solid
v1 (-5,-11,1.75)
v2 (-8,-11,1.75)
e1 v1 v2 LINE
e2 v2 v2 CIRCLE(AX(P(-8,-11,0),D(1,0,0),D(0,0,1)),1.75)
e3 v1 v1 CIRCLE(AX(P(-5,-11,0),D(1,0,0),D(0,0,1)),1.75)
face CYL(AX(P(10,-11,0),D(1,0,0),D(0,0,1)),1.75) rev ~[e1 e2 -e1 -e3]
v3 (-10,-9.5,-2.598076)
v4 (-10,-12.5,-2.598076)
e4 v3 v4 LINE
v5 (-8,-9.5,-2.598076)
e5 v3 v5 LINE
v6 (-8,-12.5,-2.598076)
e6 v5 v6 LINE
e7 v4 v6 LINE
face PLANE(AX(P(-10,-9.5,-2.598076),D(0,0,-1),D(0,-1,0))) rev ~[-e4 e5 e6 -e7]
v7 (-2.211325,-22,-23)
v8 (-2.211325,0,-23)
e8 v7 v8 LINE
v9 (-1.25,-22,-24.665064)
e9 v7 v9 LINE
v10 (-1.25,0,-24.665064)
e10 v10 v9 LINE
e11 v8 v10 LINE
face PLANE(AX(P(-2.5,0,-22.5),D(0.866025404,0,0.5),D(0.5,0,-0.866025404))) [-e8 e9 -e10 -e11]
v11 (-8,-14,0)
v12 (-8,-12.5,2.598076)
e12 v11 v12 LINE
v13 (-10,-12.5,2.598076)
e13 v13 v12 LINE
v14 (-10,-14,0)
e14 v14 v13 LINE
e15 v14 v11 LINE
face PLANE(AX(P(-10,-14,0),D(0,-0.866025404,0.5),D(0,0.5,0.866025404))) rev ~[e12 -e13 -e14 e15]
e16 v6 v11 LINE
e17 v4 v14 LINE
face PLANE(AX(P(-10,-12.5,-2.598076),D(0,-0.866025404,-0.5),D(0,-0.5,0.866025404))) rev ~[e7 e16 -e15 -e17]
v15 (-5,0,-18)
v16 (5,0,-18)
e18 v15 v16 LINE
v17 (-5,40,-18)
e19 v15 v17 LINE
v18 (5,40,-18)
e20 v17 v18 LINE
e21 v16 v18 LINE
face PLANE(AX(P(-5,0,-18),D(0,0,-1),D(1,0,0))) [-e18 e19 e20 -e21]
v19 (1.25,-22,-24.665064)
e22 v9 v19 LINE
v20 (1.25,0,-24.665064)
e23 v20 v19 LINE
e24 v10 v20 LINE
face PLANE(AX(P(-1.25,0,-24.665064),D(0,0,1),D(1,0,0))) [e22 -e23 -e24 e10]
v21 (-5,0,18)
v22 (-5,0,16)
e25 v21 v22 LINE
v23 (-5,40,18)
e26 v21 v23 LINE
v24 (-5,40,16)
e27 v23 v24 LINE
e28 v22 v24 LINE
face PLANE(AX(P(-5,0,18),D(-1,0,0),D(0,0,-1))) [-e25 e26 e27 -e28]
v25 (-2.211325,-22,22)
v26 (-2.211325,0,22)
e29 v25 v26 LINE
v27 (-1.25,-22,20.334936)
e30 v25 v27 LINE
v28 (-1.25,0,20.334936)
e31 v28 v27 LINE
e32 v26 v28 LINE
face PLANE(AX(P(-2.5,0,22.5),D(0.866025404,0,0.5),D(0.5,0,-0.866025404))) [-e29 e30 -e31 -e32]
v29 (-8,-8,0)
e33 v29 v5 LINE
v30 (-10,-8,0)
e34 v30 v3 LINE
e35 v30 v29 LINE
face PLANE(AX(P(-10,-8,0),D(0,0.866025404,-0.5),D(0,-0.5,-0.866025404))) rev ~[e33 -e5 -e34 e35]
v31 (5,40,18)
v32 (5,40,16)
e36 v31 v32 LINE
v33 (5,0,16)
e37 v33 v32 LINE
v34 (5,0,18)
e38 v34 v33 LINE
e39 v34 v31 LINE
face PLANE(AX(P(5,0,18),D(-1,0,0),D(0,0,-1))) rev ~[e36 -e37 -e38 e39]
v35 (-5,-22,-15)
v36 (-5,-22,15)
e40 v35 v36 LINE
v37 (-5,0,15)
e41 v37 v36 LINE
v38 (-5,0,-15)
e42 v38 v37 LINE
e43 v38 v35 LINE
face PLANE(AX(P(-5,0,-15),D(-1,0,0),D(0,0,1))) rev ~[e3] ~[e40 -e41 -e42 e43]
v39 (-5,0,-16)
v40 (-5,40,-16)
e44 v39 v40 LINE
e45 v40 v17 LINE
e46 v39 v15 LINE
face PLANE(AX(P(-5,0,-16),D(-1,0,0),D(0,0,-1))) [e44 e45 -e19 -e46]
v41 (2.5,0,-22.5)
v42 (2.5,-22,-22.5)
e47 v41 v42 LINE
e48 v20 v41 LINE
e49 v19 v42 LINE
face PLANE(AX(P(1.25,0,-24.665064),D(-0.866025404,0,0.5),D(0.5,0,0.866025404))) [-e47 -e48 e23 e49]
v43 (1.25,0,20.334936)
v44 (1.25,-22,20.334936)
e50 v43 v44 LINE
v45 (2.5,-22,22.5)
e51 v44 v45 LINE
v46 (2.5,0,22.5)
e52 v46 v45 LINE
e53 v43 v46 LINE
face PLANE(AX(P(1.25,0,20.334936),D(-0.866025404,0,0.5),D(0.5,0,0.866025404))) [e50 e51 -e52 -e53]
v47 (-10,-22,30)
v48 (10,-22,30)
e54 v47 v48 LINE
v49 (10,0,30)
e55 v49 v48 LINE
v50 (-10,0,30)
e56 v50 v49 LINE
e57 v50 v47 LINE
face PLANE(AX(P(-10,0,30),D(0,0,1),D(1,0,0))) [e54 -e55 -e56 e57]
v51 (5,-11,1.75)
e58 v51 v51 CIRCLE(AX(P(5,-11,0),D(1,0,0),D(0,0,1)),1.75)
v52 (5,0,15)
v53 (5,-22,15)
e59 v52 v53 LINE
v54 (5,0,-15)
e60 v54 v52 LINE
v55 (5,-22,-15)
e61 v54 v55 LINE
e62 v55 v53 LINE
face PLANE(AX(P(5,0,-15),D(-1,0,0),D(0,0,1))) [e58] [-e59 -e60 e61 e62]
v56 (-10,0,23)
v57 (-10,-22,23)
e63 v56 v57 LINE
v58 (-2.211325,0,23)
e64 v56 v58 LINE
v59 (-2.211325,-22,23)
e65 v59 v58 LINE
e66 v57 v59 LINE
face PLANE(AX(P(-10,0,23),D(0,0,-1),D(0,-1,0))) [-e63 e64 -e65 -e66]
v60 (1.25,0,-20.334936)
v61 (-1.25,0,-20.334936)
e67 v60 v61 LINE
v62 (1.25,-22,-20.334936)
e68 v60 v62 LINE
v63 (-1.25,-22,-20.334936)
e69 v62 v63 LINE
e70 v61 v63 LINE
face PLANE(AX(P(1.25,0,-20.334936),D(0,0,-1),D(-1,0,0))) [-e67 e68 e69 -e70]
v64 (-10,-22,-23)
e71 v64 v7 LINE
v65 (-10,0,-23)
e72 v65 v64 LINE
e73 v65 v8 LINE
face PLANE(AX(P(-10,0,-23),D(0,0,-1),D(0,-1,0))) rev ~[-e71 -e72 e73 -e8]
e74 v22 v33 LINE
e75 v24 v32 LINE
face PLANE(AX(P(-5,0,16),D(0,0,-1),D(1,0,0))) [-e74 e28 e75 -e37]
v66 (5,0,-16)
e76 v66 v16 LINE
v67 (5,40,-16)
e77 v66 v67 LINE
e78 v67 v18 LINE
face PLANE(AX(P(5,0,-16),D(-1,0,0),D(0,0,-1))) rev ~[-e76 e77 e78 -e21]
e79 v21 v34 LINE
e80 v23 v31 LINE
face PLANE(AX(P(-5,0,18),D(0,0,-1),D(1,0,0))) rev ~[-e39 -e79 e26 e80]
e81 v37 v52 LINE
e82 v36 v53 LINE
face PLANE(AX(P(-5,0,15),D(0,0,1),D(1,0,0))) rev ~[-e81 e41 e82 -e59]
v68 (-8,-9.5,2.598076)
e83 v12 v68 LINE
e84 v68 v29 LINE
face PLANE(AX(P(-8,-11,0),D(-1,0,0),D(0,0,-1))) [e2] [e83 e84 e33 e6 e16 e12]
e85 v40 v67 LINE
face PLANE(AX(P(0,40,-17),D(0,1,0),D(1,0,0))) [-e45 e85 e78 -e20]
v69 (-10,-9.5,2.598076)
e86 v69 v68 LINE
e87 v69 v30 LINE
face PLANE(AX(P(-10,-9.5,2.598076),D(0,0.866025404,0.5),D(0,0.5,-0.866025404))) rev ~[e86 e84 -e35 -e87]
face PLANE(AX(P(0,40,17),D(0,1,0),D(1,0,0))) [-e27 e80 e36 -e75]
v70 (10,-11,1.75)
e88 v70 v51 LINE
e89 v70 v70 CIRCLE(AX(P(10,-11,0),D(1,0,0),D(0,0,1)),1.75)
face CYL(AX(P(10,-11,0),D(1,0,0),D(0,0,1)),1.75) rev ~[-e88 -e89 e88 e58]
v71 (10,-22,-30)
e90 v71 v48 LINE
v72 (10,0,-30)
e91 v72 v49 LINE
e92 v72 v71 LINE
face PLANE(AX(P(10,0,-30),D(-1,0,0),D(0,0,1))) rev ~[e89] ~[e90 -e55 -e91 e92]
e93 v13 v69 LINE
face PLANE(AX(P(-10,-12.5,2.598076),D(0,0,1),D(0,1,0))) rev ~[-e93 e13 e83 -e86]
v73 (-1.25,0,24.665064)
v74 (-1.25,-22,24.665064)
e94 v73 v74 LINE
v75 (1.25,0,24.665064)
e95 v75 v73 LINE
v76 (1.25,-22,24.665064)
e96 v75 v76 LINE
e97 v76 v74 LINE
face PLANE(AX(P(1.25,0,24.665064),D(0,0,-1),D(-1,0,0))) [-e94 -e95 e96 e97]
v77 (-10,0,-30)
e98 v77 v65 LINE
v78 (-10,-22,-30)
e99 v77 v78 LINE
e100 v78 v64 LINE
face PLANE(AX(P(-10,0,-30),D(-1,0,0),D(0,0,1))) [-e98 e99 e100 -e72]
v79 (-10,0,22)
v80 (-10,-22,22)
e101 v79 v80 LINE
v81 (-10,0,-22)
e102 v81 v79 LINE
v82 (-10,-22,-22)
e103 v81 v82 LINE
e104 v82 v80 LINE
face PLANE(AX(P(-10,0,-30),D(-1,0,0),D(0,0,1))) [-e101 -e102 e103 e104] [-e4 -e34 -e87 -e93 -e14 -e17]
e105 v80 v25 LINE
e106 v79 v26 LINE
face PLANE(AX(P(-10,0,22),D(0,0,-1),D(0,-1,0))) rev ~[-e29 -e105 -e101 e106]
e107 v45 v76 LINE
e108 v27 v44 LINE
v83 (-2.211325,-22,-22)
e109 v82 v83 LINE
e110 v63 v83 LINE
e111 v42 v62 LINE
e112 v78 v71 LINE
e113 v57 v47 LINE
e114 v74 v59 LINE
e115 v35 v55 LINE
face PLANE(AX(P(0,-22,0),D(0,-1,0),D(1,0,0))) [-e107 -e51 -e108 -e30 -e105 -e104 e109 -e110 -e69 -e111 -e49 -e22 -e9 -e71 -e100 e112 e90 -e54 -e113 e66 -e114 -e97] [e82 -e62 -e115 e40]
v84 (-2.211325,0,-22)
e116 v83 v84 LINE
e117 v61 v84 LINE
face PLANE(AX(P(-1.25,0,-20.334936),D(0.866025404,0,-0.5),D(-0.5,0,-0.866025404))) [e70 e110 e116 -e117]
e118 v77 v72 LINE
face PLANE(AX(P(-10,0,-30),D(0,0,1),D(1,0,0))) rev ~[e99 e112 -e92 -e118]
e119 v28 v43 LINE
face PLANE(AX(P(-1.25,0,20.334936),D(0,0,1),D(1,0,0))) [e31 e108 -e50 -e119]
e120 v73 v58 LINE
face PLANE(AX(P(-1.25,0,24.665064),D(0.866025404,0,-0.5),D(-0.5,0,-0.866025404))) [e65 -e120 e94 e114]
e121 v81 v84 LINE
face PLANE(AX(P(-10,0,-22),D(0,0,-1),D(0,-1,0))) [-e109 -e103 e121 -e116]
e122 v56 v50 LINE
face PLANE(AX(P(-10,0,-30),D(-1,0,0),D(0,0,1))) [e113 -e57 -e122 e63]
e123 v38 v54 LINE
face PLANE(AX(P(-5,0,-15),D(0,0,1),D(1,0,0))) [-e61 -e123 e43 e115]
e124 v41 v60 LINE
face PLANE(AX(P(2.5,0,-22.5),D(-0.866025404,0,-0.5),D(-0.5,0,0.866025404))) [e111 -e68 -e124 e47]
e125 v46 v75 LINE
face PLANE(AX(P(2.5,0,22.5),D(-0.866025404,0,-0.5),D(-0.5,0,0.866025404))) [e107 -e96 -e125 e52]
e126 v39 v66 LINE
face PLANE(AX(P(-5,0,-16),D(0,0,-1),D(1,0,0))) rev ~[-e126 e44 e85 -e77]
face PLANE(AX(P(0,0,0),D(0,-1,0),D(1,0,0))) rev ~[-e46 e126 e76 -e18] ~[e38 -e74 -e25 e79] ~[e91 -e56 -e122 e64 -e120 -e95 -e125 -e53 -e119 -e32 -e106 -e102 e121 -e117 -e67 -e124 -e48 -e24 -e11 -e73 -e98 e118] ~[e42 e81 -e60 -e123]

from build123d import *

# Parameters (mm, degrees)
SKETCH055_W     = 20
SKETCH055_H     = 60
SKETCH055_W_2   = 10
SKETCH055_H_2   = 30
PAD031_DEPTH    = 22
SKETCH056_R     = 1.75
POCKET028_DEPTH = 20.001
POCKET029_DEPTH = 2
SKETCH058_W     = 1
SKETCH058_H     = 22
POCKET030_DEPTH = 11
SKETCH059_W     = 10
SKETCH059_H     = 2
PAD032_DEPTH    = 40


with BuildPart() as part:
    # Sketch055 → Pad031 (new body)
    with BuildSketch(Plane.XZ):
        Rectangle(SKETCH055_W, SKETCH055_H)
        Polygon((1.25, 20.3349364905), (2.5, 22.5), (1.25, 24.6650635095), (-1.25, 24.6650635095), (-2.5, 22.5), (-1.25, 20.3349364905), align=None, mode=Mode.SUBTRACT)
        Polygon((2.5, -22.5), (1.25, -20.3349364905), (-1.25, -20.3349364905), (-2.5, -22.5), (-1.25, -24.6650635095), (1.25, -24.6650635095), align=None, mode=Mode.SUBTRACT)
        Rectangle(SKETCH055_W_2, SKETCH055_H_2, mode=Mode.SUBTRACT)
    extrude(amount=PAD031_DEPTH)

    # Sketch056 (on Face2 of Pad031) → Pocket028 (cut, through all)
    with BuildSketch(Plane(origin=(10, 0, 0), x_dir=(0, 0, 1), z_dir=(1, 0, 0))):
        with Locations((0, 11)):
            Circle(SKETCH056_R)
    extrude(amount=-POCKET028_DEPTH, mode=Mode.SUBTRACT)

    # Sketch057 (on Face2 of Pocket028) → Pocket029 (cut)
    with BuildSketch(Plane(origin=(-10, 0, 0), x_dir=(0, 0, -1), z_dir=(-1, 0, 0))):
        Polygon((2.5980762114, 9.5), (2.5980762114, 12.5), (0, 14), (-2.5980762114, 12.5), (-2.5980762114, 9.5), (0, 8), align=None)
    extrude(amount=-POCKET029_DEPTH, mode=Mode.SUBTRACT)

    # Sketch058 (on Face2 of Pocket029) → Pocket030 (cut)
    with BuildSketch(Plane(origin=(-10, 0, 0), x_dir=(0, 0, -1), z_dir=(-1, 0, 0))):
        with Locations((22.5, 11)):
            Rectangle(SKETCH058_W, SKETCH058_H)
        with Locations((-22.5, 11)):
            Rectangle(SKETCH058_W, SKETCH058_H)
    extrude(amount=-POCKET030_DEPTH, mode=Mode.SUBTRACT)

    # Sketch059 (on Face4 of Pocket030) → Pad032 (join)
    with BuildSketch(Plane(origin=(0, 0, 0), x_dir=(1, 0, 0), z_dir=(0, 1, 0))):
        with Locations((0, 17)):
            Rectangle(SKETCH059_W, SKETCH059_H)
        with Locations((0, -17)):
            Rectangle(SKETCH059_W, SKETCH059_H)
    extrude(amount=PAD032_DEPTH)


solid = part.part
